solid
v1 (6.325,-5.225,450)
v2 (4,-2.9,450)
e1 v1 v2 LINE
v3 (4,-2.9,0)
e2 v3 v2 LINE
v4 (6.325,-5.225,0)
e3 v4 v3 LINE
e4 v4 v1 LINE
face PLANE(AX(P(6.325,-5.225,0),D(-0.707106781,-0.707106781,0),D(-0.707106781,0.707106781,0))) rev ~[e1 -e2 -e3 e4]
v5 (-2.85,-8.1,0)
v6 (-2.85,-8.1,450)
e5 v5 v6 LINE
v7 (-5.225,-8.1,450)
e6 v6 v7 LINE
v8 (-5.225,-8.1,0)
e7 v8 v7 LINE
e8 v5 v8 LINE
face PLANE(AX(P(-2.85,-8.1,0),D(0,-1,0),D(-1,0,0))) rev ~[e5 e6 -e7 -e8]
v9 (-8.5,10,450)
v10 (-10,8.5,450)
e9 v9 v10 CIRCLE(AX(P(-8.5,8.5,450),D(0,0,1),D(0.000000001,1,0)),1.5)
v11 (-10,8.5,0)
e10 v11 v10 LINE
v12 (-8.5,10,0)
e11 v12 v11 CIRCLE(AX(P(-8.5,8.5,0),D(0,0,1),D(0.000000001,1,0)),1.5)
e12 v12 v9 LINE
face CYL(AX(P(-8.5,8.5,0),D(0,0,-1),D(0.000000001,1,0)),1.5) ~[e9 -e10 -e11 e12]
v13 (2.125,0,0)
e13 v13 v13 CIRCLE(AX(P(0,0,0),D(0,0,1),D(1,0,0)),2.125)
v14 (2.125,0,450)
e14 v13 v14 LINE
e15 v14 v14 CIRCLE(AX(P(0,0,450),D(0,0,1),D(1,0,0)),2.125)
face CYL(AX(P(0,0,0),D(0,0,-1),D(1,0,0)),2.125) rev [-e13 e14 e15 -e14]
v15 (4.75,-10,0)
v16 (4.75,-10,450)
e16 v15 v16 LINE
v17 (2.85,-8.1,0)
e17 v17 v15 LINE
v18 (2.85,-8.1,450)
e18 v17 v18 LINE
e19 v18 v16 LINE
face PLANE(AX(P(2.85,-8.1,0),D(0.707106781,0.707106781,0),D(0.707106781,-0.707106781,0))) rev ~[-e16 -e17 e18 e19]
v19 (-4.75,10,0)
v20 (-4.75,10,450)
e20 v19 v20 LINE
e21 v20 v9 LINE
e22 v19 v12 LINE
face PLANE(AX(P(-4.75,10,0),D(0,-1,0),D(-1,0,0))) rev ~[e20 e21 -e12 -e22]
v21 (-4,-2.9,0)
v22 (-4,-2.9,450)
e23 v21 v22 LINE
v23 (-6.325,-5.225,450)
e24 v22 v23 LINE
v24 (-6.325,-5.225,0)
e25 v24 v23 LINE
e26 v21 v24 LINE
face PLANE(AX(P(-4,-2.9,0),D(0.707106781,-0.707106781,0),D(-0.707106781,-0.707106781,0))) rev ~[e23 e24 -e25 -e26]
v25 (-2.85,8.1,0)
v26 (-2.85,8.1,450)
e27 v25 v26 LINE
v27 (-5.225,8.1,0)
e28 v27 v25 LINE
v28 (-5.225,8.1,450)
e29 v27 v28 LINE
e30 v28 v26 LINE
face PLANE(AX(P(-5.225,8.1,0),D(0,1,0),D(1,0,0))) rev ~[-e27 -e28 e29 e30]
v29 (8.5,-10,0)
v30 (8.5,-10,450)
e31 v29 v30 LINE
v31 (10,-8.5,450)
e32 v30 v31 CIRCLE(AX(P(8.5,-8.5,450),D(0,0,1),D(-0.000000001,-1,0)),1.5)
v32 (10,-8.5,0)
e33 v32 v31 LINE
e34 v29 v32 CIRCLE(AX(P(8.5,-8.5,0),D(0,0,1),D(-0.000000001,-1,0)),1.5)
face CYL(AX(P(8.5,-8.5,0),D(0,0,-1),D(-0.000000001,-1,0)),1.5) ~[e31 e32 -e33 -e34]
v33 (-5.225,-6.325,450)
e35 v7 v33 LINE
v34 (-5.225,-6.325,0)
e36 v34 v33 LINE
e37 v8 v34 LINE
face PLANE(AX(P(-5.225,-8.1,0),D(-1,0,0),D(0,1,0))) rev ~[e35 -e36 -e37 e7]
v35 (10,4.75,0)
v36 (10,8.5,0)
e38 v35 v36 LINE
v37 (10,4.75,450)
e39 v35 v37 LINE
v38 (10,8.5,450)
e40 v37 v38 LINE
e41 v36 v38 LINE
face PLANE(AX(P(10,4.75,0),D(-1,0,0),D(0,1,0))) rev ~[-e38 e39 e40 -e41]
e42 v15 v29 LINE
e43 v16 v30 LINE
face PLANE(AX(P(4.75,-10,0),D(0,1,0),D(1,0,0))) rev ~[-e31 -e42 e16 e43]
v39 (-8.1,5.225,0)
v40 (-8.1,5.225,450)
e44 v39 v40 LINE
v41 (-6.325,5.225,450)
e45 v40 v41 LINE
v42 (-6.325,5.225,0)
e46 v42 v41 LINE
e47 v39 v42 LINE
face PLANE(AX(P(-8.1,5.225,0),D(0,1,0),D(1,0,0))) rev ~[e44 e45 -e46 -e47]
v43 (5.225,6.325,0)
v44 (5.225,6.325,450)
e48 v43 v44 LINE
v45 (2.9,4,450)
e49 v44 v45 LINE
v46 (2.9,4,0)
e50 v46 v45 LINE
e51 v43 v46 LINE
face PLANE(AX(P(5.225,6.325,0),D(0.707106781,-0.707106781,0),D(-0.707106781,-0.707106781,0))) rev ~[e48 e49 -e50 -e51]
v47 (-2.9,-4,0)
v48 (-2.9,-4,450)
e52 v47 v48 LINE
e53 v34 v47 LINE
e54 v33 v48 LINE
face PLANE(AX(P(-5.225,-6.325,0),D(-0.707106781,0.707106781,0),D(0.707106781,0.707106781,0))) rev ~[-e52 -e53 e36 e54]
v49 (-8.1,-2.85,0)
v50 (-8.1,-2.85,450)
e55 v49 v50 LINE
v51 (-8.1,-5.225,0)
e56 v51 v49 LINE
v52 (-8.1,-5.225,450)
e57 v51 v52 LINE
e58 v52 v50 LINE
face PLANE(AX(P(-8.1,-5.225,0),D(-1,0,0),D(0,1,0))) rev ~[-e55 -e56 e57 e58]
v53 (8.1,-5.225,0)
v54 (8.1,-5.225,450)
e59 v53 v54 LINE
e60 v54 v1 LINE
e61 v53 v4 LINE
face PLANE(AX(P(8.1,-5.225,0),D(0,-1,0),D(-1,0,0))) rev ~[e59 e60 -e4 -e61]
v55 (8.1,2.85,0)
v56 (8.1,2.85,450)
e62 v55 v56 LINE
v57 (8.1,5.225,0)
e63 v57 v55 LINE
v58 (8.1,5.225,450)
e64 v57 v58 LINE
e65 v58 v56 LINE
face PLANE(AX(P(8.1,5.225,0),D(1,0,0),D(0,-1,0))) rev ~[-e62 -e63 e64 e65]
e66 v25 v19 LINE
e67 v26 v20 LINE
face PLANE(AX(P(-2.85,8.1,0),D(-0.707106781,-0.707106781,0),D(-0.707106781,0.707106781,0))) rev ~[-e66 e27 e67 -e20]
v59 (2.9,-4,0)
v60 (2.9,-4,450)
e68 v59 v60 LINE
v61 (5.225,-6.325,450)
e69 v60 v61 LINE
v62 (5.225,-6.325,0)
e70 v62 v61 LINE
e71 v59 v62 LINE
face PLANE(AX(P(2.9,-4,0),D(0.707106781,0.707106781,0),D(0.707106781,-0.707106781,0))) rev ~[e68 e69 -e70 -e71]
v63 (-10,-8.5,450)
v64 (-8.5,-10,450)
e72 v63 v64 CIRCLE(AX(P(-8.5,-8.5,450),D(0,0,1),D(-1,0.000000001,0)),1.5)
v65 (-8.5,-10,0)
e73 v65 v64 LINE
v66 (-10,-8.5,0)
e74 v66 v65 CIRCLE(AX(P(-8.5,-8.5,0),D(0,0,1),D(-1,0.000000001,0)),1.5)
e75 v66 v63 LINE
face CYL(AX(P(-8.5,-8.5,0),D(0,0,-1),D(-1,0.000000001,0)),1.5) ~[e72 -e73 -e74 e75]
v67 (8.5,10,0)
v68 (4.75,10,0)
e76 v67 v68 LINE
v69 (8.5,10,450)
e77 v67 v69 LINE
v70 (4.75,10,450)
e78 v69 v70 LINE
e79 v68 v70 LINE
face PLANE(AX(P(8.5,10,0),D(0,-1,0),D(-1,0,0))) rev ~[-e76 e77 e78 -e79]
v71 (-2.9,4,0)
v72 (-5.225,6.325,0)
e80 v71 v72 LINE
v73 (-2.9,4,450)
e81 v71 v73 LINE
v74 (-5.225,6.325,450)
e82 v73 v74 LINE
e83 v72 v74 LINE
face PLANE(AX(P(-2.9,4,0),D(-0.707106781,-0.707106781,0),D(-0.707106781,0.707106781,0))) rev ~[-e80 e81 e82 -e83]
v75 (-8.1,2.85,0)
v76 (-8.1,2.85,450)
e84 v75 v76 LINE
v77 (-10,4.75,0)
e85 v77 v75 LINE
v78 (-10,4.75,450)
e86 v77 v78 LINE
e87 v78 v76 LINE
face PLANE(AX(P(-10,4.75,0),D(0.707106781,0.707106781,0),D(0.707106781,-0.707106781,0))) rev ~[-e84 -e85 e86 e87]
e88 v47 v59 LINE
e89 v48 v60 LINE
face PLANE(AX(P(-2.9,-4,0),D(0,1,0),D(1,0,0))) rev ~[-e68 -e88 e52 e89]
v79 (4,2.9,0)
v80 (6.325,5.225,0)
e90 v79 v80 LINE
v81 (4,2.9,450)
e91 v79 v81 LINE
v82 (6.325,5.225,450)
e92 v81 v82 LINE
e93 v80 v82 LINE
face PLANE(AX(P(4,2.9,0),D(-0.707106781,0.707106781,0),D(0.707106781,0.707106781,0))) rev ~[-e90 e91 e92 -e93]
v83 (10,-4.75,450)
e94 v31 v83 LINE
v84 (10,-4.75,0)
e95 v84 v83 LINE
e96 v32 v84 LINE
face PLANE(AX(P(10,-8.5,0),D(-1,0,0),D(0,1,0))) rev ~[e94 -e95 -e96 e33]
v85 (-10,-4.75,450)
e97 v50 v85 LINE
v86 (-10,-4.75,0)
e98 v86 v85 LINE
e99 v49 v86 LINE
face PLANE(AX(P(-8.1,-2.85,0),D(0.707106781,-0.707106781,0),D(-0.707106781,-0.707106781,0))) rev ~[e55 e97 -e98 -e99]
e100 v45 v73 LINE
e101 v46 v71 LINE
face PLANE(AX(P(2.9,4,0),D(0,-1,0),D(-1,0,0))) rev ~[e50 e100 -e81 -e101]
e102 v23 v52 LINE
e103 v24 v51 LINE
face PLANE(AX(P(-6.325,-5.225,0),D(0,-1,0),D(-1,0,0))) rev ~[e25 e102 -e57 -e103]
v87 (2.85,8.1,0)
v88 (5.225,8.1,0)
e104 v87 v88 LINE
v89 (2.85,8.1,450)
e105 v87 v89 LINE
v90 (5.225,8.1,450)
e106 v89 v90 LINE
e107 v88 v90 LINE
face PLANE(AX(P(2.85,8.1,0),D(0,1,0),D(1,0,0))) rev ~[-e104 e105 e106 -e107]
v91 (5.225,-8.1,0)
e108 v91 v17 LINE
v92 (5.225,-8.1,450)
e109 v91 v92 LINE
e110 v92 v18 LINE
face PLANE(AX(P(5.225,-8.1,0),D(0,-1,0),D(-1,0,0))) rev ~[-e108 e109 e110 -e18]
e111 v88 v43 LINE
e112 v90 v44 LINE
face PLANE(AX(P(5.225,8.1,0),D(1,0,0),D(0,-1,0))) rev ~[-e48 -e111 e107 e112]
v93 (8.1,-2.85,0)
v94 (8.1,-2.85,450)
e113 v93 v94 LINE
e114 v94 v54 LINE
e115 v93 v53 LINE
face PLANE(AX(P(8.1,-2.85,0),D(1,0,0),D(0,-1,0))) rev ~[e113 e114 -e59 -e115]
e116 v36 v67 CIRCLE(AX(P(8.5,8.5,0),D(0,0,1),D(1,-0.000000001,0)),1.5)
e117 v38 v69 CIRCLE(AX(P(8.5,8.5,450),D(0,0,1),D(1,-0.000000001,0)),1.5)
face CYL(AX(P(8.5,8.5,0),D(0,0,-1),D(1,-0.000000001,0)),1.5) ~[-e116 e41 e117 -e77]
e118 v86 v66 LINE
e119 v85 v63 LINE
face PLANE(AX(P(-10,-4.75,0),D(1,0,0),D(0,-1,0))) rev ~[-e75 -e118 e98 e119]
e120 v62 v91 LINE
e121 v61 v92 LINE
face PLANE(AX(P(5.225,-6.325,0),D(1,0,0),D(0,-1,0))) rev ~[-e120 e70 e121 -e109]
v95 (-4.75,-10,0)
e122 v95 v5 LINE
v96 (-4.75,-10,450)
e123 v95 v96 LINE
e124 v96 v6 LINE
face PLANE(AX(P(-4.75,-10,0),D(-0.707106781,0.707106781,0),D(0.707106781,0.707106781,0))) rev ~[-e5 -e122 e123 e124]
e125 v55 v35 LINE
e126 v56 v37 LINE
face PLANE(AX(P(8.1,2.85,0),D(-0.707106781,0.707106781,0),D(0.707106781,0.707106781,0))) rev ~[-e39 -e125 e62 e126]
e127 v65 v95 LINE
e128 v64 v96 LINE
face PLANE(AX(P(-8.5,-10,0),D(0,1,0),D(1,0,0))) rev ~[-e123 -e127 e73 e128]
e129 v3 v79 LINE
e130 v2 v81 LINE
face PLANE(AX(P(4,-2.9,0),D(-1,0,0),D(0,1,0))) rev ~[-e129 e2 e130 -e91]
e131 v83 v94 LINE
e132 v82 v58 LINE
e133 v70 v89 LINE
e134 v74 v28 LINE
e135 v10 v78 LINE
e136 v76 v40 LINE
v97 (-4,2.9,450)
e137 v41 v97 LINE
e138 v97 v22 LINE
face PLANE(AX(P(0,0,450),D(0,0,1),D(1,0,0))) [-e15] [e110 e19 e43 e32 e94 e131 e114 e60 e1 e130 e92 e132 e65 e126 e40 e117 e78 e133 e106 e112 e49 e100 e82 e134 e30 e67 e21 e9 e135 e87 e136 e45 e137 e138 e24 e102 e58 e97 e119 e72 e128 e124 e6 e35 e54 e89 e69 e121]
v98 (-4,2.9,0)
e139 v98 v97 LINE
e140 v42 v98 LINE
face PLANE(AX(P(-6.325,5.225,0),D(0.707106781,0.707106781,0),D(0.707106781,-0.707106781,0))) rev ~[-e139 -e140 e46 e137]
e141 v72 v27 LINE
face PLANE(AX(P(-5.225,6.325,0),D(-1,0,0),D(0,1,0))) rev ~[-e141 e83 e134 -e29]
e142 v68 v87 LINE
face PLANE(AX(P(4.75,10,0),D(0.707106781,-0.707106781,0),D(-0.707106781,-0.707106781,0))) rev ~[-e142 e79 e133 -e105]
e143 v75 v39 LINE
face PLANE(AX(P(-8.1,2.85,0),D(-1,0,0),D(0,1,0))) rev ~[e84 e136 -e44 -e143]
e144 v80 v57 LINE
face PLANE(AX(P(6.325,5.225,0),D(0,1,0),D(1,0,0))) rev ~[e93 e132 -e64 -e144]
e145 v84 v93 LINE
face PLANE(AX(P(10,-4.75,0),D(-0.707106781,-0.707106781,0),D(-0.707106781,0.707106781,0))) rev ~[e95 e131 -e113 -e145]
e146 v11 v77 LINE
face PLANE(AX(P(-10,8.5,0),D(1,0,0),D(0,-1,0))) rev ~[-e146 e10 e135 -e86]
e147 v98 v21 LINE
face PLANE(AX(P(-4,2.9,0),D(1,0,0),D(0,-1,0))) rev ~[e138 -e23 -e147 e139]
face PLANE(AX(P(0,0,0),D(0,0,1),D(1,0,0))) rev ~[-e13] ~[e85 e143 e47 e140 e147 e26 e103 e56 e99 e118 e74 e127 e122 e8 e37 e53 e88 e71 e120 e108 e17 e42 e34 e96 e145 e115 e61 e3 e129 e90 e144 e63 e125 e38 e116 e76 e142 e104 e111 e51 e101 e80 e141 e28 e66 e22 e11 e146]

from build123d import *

# Parameters (mm, degrees)
SKETCH1_R           = 2.125
BOSS_EXTRUDE1_DEPTH = 450


with BuildPart() as part:
    # Sketch1 → Boss-Extrude1 (new body)
    with BuildSketch(Plane.XY):
        with BuildLine():
            Line((8.1, 5.225), (8.1, 2.85))
            Line((8.1, 2.85), (10, 4.75))
            Line((10, 4.75), (10, 8.5))
            ThreePointArc((10, 8.5), (9.560660172, 9.560660172), (8.5, 10))
            Line((8.5, 10), (4.75, 10))
            Line((4.75, 10), (2.85, 8.1))
            Line((2.85, 8.1), (5.225, 8.1))
            Line((5.225, 8.1), (5.225, 6.325))
            Line((5.225, 6.325), (2.9, 4))
            Line((2.9, 4), (-2.9, 4))
            Line((-2.9, 4), (-5.225, 6.325))
            Line((-5.225, 6.325), (-5.225, 8.1))
            Line((-5.225, 8.1), (-2.85, 8.1))
            Line((-2.85, 8.1), (-4.75, 10))
            Line((-4.75, 10), (-8.5, 10))
            ThreePointArc((-8.5, 10), (-9.560660172, 9.560660172), (-10, 8.5))
            Line((-10, 8.5), (-10, 4.75))
            Line((-10, 4.75), (-8.1, 2.85))
            Line((-8.1, 2.85), (-8.1, 5.225))
            Line((-8.1, 5.225), (-6.325, 5.225))
            Line((-6.325, 5.225), (-4, 2.9))
            Line((-4, 2.9), (-4, -2.9))
            Line((-4, -2.9), (-6.325, -5.225))
            Line((-6.325, -5.225), (-8.1, -5.225))
            Line((-8.1, -5.225), (-8.1, -2.85))
            Line((-8.1, -2.85), (-10, -4.75))
            Line((-10, -4.75), (-10, -8.5))
            ThreePointArc((-10, -8.5), (-9.560660172, -9.560660172), (-8.5, -10))
            Line((-8.5, -10), (-4.75, -10))
            Line((-4.75, -10), (-2.85, -8.1))
            Line((-2.85, -8.1), (-5.225, -8.1))
            Line((-5.225, -8.1), (-5.225, -6.325))
            Line((-5.225, -6.325), (-2.9, -4))
            Line((-2.9, -4), (2.9, -4))
            Line((2.9, -4), (5.225, -6.325))
            Line((5.225, -6.325), (5.225, -8.1))
            Line((5.225, -8.1), (2.85, -8.1))
            Line((2.85, -8.1), (4.75, -10))
            Line((4.75, -10), (8.5, -10))
            ThreePointArc((8.5, -10), (9.560660172, -9.560660172), (10, -8.5))
            Line((10, -8.5), (10, -4.75))
            Line((10, -4.75), (8.1, -2.85))
            Line((8.1, -2.85), (8.1, -5.225))
            Line((8.1, -5.225), (6.325, -5.225))
            Line((6.325, -5.225), (4, -2.9))
            Line((4, -2.9), (4, 2.9))
            Line((4, 2.9), (6.325, 5.225))
            Line((6.325, 5.225), (8.1, 5.225))
        make_face()
        Circle(SKETCH1_R, mode=Mode.SUBTRACT)
    extrude(amount=BOSS_EXTRUDE1_DEPTH)


solid = part.part
